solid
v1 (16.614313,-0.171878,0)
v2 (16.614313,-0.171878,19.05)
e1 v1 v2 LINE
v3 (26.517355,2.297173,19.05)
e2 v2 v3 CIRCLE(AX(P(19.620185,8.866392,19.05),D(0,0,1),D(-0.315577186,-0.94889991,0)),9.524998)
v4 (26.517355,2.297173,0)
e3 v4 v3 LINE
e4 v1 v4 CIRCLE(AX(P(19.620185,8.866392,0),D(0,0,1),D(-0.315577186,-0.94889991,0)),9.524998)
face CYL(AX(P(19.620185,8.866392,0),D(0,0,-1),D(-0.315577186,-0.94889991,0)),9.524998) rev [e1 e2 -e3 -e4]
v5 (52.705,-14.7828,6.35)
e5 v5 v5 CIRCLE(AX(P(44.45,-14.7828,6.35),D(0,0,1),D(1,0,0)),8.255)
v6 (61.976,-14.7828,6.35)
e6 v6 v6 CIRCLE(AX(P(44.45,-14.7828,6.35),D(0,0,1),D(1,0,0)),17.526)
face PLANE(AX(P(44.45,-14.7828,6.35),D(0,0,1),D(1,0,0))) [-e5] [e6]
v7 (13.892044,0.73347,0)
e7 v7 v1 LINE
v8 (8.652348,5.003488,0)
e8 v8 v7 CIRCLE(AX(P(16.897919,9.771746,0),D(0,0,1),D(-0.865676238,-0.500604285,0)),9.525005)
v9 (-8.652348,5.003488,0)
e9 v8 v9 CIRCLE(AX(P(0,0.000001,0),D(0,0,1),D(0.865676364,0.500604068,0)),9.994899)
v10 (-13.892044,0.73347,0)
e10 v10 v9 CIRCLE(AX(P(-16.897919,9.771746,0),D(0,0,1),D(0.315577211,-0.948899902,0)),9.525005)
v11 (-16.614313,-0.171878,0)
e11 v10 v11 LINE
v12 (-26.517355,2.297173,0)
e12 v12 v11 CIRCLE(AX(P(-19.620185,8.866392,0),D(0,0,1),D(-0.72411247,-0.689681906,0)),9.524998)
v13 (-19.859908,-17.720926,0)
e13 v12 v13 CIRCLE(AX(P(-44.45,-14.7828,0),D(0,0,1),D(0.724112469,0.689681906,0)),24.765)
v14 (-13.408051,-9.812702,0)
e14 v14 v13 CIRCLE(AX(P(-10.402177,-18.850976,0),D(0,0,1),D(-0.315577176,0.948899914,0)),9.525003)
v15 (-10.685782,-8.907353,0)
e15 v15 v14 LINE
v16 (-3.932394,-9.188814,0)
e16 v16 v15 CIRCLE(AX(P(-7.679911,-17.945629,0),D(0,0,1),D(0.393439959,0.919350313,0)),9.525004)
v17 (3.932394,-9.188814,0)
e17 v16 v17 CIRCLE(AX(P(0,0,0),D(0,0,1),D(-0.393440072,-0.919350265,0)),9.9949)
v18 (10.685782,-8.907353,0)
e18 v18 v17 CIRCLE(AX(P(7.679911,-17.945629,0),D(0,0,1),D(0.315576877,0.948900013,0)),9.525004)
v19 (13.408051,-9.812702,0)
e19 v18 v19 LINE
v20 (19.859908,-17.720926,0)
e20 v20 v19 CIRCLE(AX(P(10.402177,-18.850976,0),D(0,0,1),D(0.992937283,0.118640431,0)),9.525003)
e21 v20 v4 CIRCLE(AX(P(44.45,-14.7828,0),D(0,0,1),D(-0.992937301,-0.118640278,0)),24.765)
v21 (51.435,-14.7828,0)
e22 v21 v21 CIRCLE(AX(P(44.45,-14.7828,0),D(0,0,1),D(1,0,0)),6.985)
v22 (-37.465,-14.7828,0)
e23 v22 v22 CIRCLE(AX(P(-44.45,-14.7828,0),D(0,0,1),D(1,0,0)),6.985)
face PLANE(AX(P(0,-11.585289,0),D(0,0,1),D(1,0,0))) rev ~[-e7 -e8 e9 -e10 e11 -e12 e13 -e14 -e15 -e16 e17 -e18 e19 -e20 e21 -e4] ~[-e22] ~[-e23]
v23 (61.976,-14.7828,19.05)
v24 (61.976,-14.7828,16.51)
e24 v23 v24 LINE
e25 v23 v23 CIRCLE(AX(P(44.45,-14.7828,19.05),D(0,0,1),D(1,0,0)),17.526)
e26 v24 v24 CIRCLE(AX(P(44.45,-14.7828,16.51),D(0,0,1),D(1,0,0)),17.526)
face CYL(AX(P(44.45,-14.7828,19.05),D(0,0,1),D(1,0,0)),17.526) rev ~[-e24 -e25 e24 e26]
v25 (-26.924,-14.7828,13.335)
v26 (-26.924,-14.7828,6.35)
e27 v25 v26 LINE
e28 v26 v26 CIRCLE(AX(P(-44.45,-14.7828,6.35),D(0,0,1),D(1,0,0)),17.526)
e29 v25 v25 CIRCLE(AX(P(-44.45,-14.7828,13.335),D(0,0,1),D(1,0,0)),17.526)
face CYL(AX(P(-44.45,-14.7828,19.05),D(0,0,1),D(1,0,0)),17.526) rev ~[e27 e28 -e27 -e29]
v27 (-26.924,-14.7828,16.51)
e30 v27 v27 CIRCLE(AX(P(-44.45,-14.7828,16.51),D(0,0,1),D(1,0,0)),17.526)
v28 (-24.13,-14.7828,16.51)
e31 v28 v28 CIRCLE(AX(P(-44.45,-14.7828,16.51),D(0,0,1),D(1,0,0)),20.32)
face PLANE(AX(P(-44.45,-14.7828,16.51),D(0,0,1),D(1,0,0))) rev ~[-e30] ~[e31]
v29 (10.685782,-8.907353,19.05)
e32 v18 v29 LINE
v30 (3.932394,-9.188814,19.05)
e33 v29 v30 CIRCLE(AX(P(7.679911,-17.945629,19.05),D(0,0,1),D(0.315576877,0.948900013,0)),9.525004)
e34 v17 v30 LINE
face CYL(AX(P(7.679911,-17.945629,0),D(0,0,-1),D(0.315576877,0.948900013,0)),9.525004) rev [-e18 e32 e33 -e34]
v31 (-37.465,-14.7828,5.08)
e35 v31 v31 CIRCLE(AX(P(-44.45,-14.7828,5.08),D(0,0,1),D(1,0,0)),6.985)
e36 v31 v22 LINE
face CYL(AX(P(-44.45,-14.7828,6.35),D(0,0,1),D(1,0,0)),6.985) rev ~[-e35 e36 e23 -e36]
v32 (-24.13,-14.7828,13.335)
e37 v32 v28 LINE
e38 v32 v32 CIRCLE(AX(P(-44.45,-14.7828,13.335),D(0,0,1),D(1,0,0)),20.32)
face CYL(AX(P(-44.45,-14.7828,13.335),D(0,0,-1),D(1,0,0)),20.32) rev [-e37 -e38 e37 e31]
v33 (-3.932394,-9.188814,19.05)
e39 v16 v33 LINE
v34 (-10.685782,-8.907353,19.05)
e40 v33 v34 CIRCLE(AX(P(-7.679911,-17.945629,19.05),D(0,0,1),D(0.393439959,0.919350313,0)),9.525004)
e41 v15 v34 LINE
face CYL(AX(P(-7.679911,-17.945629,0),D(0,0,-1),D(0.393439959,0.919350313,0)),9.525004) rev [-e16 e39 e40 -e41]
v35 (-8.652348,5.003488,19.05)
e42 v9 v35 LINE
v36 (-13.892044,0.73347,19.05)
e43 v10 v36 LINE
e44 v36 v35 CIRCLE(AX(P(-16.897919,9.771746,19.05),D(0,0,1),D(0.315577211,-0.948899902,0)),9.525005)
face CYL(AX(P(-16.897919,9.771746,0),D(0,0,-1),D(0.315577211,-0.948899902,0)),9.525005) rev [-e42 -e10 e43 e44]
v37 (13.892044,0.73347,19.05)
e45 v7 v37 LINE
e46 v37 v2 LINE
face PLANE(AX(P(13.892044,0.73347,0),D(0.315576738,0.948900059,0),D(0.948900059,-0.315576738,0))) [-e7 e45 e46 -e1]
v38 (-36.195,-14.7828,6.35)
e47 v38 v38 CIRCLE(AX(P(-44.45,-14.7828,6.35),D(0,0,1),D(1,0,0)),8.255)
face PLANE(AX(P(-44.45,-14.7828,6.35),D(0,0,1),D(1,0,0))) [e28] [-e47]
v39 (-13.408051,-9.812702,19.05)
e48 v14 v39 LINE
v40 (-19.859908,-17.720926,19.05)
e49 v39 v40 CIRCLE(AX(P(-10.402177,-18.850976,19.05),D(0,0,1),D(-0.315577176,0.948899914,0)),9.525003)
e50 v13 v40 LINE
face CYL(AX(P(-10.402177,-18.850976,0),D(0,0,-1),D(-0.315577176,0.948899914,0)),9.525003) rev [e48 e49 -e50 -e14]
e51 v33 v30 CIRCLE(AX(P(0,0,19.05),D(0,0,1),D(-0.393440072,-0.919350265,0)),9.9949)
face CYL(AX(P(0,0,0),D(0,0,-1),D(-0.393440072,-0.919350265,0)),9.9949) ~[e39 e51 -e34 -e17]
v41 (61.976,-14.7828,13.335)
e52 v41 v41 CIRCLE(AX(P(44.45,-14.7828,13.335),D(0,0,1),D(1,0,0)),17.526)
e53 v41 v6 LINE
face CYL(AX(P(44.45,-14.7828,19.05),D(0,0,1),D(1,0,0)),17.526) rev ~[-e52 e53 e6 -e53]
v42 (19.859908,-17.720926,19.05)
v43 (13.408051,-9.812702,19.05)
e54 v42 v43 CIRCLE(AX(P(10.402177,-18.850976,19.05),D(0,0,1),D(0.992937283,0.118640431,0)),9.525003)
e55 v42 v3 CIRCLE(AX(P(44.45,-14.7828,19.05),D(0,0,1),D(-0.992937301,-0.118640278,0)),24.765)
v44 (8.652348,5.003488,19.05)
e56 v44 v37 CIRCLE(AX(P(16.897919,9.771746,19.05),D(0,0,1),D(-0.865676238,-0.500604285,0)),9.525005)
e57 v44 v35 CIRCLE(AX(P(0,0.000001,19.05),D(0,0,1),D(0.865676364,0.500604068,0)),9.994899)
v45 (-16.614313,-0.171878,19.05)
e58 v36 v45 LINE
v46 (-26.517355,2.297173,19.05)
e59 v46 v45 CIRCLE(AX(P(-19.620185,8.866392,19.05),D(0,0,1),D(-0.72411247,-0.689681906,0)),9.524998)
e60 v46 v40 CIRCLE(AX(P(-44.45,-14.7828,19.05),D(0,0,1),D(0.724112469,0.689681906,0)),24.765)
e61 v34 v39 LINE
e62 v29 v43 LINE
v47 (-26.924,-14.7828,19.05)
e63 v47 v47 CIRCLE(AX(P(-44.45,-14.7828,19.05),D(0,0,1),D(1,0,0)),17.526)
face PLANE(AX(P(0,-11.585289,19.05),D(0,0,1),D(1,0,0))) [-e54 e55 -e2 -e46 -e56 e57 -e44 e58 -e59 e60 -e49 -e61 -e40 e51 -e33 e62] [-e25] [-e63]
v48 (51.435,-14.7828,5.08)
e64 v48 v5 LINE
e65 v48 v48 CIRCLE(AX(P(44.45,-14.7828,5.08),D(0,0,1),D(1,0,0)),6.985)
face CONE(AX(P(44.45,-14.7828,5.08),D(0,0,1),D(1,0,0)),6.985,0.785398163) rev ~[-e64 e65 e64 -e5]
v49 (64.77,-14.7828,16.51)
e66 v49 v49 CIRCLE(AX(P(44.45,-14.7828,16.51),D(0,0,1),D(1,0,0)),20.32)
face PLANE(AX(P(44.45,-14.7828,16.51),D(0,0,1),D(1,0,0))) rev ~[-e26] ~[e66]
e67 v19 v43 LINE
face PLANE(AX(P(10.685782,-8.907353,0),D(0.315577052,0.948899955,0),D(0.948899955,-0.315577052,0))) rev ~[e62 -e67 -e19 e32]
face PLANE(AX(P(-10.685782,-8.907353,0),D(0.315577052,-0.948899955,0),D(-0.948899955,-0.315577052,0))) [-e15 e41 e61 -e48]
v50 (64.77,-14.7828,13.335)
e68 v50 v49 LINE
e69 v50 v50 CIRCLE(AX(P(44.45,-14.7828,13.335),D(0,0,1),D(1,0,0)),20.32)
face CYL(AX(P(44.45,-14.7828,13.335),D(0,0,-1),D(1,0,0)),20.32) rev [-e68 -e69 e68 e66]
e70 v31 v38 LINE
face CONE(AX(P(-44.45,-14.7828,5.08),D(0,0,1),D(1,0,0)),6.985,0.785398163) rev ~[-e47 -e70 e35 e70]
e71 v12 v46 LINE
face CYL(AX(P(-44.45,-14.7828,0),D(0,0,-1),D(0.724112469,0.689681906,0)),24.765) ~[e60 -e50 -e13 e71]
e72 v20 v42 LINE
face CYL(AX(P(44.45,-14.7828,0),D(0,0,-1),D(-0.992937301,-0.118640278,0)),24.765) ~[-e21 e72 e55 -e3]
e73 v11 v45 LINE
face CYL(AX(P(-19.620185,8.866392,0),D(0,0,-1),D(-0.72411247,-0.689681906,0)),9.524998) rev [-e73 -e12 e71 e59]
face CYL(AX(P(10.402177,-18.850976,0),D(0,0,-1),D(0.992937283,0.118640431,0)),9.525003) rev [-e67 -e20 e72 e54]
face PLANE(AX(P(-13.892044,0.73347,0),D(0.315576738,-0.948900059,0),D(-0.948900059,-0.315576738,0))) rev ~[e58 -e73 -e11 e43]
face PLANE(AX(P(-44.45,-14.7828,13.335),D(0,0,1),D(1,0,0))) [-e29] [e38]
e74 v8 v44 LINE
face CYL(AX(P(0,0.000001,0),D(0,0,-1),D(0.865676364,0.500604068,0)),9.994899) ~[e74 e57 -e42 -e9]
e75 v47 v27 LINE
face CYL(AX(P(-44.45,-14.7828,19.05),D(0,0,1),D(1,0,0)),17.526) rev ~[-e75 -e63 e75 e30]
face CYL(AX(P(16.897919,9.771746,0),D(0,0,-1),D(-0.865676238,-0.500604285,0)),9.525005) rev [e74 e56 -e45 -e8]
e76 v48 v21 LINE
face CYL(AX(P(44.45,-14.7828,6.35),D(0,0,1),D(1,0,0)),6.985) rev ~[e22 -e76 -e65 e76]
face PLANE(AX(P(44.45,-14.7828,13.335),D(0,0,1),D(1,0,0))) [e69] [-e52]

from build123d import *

# Parameters (mm, degrees)
PAD_DEPTH       = 19.05
SKETCH001_R     = 17.526
POCKET_DEPTH    = 12.7
SKETCH002_R     = 6.985
POCKET001_DEPTH = 6.351
CHAMFER_SIZE    = 1.27
SKETCH003_R     = 20.32
POCKET002_DEPTH = 3.175


with BuildPart() as part:
    # Sketch → Pad (new body)
    with BuildSketch(Plane.XY):
        with BuildLine():
            ThreePointArc((-26.517355, 2.297173), (-67.949508, -22.598065), (-19.859908, -17.720926))
            ThreePointArc((-13.408051, -9.812702), (-17.782581, -12.829737), (-19.859908, -17.720926))
            Line((-10.685782, -8.907353), (-13.408051, -9.812702))
            ThreePointArc((-3.932394, -9.188814), (-7.283282, -8.428887), (-10.685782, -8.907353))
            ThreePointArc((-3.932394, -9.188814), (0, -9.9949), (3.932394, -9.188814))
            ThreePointArc((10.685782, -8.907353), (7.283282, -8.428887), (3.932394, -9.188814))
            Line((10.685782, -8.907353), (13.408051, -9.812702))
            ThreePointArc((19.859908, -17.720926), (17.782581, -12.829737), (13.408051, -9.812702))
            ThreePointArc((19.859908, -17.720926), (67.949508, -22.598065), (26.517355, 2.297173))
            ThreePointArc((16.614313, -0.171878), (21.924443, -0.375685), (26.517355, 2.297173))
            Line((13.892044, 0.73347), (16.614313, -0.171878))
            ThreePointArc((8.652348, 5.003488), (10.880692, 2.388068), (13.892044, 0.73347))
            ThreePointArc((8.652348, 5.003488), (0, 9.9949), (-8.652348, 5.003488))
            ThreePointArc((-13.892044, 0.73347), (-10.880692, 2.388068), (-8.652348, 5.003488))
            Line((-13.892044, 0.73347), (-16.614313, -0.171878))
            ThreePointArc((-26.517355, 2.297173), (-21.924443, -0.375685), (-16.614313, -0.171878))
        make_face()
    extrude(amount=PAD_DEPTH)

    # Sketch001 (on Face18 of Pad) → Pocket (cut)
    with BuildSketch(Plane.XY.offset(19.05)):
        with Locations((-44.45, -14.7828)):
            Circle(SKETCH001_R)
        with Locations((44.45, -14.7828)):
            Circle(SKETCH001_R)
    extrude(amount=-POCKET_DEPTH, mode=Mode.SUBTRACT)

    # Sketch002 (on Face21 of Pocket) → Pocket001 (cut, through all)
    with BuildSketch(Plane.XY.offset(6.35)):
        with Locations((-44.45, -14.7828)):
            Circle(SKETCH002_R)
        with Locations((44.45, -14.7828)):
            Circle(SKETCH002_R)
    extrude(amount=-POCKET001_DEPTH, mode=Mode.SUBTRACT)

    # Chamfer
    chamfer_edges = [part.edges().sort_by_distance(p)[0] for p in [
        (-51.435, -14.7828, 6.35),
        (37.465, -14.7828, 6.35),
    ]]
    chamfer(chamfer_edges, length=CHAMFER_SIZE)

    # Sketch003 (on DatumPlane) → Pocket002 (cut)
    with BuildSketch(Plane.XY.offset(13.335)):
        with Locations((-44.45, -14.7828)):
            Circle(SKETCH003_R)
        with Locations((44.45, -14.7828)):
            Circle(SKETCH003_R)
    extrude(amount=POCKET002_DEPTH, mode=Mode.SUBTRACT)


solid = part.part
